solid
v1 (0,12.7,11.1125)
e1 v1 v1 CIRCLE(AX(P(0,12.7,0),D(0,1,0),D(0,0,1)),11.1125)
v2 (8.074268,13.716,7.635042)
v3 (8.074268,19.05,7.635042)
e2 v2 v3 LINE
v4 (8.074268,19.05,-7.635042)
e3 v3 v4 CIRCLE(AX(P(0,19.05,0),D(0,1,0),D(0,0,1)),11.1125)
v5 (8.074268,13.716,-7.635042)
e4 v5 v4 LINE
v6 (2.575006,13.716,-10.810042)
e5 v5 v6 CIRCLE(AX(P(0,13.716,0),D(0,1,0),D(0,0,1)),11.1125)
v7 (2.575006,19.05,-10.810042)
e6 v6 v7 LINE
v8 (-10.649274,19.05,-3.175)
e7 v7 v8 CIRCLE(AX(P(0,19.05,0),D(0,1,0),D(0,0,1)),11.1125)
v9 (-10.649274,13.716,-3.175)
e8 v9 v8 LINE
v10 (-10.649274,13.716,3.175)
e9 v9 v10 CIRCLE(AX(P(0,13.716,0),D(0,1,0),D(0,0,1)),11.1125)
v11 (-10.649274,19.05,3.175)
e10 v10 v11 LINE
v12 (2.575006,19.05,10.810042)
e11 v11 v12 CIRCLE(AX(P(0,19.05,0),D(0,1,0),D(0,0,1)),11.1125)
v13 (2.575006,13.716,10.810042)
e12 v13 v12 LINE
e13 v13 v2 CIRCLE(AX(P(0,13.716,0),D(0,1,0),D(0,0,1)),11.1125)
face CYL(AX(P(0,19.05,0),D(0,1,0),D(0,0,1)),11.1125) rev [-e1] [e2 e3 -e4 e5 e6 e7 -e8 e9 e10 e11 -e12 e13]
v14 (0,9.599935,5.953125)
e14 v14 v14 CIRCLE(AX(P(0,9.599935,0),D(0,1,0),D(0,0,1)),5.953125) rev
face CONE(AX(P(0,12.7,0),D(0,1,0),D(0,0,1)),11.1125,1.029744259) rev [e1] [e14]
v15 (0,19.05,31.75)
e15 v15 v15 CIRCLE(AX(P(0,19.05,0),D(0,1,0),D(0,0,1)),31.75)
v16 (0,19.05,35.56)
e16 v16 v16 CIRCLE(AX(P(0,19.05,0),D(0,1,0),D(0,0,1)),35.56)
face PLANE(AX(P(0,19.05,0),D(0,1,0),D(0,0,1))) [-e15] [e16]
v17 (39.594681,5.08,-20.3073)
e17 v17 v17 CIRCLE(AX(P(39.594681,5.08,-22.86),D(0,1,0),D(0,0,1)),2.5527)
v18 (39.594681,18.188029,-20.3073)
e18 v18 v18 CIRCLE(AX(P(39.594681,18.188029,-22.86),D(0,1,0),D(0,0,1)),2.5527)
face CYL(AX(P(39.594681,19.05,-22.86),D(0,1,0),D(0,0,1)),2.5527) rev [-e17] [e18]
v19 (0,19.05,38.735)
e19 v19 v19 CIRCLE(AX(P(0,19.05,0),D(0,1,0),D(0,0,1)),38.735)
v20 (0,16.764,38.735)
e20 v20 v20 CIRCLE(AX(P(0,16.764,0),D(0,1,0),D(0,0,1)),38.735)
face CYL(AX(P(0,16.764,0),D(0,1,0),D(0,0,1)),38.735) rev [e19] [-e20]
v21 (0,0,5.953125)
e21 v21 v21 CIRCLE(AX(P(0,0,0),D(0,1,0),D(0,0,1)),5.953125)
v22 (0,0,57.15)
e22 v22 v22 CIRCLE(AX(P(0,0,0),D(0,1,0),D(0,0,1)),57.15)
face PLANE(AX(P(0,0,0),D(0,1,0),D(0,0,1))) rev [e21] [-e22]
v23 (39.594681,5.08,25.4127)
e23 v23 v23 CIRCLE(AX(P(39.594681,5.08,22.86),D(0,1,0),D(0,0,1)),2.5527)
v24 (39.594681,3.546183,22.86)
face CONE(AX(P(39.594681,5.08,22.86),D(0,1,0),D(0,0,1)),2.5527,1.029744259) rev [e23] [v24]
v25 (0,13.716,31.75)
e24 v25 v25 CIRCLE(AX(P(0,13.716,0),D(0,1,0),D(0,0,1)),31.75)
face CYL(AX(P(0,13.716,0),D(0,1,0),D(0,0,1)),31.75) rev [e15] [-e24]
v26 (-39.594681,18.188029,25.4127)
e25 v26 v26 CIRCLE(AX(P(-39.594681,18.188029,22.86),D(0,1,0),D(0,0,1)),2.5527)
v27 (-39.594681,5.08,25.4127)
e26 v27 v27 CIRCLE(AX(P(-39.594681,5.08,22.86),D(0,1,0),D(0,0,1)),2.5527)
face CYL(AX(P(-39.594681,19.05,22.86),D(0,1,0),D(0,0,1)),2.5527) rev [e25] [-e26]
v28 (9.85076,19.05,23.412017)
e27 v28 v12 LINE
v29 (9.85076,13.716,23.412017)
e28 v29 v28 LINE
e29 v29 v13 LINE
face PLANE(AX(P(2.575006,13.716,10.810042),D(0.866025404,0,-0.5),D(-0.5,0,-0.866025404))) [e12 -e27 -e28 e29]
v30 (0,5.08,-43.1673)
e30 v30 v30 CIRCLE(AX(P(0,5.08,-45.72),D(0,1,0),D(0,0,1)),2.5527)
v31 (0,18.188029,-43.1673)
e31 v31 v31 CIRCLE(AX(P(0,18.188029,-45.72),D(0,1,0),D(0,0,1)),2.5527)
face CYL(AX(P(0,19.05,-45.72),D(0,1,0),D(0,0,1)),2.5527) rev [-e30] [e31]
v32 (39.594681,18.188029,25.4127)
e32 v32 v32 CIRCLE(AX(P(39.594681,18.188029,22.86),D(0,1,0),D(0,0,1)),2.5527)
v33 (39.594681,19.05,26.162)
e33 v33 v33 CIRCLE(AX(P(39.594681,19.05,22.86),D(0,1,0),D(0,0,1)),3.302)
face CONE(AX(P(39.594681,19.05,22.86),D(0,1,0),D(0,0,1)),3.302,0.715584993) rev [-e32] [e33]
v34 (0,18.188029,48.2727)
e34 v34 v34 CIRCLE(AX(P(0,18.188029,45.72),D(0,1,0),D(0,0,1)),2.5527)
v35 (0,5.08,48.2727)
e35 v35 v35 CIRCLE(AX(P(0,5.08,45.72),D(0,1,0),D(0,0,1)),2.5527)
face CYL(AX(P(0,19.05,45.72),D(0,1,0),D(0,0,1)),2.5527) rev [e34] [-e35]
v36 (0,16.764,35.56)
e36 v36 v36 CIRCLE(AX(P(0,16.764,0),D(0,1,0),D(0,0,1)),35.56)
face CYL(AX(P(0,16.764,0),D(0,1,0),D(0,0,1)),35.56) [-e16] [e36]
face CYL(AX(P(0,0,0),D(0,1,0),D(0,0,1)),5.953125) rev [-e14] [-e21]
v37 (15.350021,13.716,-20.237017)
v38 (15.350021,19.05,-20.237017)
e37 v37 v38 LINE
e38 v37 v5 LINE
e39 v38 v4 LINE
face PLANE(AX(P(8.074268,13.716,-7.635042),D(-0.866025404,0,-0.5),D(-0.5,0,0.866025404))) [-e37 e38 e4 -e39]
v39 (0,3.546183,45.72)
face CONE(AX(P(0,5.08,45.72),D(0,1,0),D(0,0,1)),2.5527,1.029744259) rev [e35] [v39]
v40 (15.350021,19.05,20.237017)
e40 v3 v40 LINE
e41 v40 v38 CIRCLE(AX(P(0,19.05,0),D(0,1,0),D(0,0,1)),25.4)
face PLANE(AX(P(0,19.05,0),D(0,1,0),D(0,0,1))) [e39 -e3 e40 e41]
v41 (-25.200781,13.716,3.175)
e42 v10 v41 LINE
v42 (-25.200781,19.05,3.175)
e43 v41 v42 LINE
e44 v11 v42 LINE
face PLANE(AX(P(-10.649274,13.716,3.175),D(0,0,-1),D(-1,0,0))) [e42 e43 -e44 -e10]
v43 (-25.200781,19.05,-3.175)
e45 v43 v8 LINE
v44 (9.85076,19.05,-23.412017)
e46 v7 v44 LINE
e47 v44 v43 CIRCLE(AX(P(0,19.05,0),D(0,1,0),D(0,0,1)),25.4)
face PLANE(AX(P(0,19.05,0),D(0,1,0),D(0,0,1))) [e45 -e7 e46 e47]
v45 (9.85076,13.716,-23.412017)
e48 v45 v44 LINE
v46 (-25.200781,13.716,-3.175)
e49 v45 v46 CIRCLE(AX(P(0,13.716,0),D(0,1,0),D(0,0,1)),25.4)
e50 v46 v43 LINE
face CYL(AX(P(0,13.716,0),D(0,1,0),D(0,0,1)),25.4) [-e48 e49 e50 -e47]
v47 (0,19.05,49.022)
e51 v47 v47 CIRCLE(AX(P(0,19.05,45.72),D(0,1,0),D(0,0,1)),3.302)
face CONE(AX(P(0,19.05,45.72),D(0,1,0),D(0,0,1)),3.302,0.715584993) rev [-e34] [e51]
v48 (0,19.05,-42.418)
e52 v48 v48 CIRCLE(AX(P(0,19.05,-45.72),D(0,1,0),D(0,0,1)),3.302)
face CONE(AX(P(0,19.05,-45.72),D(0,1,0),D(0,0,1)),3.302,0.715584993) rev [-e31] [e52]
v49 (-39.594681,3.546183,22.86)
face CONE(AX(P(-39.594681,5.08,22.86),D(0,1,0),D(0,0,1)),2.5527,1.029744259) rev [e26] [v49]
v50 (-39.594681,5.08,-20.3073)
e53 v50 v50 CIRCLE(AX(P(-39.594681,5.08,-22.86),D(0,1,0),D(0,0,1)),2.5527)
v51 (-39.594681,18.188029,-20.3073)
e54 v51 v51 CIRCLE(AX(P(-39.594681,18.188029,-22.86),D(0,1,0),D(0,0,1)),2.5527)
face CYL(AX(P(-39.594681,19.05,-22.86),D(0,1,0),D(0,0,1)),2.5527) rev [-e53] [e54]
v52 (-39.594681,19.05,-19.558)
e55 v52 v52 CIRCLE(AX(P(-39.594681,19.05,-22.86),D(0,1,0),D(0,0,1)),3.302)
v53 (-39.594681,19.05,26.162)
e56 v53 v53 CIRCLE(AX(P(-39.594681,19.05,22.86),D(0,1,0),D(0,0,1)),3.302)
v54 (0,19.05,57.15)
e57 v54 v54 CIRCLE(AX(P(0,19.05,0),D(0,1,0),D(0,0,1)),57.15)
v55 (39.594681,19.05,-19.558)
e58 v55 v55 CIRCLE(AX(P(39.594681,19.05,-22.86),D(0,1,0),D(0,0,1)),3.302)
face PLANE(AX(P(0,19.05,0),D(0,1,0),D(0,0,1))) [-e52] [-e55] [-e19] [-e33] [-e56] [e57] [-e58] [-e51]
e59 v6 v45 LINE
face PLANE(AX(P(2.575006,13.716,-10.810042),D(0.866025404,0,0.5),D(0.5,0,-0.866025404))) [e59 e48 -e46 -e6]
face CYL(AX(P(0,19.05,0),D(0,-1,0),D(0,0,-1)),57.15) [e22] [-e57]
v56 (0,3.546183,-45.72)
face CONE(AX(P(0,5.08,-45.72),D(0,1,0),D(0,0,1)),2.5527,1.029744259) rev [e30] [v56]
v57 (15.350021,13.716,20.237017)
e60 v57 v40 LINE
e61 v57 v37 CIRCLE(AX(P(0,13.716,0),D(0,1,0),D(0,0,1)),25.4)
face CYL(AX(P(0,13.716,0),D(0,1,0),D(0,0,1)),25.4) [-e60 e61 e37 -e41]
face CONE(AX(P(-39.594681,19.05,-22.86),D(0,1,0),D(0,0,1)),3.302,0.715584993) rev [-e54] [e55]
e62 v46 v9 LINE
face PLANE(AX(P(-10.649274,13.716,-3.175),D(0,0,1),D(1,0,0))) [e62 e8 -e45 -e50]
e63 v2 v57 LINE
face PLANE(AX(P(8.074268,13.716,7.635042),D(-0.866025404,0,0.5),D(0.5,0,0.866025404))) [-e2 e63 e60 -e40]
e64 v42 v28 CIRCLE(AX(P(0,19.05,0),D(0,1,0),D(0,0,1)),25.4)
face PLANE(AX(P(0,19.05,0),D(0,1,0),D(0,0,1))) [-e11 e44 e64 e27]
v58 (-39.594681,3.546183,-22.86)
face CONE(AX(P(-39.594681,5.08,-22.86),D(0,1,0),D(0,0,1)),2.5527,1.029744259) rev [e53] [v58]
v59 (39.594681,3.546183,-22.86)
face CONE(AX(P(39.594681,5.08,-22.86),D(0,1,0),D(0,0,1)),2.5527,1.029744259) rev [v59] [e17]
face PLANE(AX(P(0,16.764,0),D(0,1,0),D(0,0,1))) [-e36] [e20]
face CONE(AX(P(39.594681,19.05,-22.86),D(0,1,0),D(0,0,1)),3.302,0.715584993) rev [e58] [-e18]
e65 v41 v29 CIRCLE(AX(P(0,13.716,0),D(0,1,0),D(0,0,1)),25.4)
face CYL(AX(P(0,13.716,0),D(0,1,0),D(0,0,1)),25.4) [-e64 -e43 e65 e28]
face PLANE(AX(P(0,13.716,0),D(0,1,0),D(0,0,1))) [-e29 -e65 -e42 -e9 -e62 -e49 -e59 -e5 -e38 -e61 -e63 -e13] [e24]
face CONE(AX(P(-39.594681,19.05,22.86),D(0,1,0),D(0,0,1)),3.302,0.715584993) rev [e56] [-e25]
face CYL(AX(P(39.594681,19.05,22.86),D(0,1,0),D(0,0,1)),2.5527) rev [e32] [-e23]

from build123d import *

# Parameters (mm, degrees)
SKETCH1_R                        = 57.15
BOSS_EXTRUDE1_DEPTH              = 19.05
F_7_8_0_875_DIAMETER_HOLE1_D     = 22.225
F_7_8_0_875_DIAMETER_HOLE1_DEPTH = 6.35
F_7_8_0_875_DIAMETER_HOLE1_TIP   = 6.677063629
SKETCH4_R                        = 5.953125
CUT_EXTRUDE1_DEPTH               = 1
CUT_EXTRUDE1_DEPTH_BACK          = 20.05
ANNULUS_CHANNEL_R                = 31.75
ANNULUS_CHANNEL_DEPTH_DEPTH      = 5.334
SKETCH7_R                        = 38.735
SKETCH7_R_2                      = 35.56
CUT_EXTRUDE5_DEPTH               = 2.286
CIRPATTERN1_COUNT                = 6


with BuildPart() as part:
    # Sketch1 → Boss-Extrude1 (new body)
    with BuildSketch(Plane(origin=(0, 0, 0), x_dir=(1, 0, 0), z_dir=(0, 1, 0))):
        Circle(SKETCH1_R)
    extrude(amount=BOSS_EXTRUDE1_DEPTH)

    # 7/8 (0.875) Diameter Hole1
    with Locations(Plane(origin=(0, 19.05, 0), x_dir=(1, 0, 0), z_dir=(0, 1, 0))):
        with Locations((0, 0)):
            Hole(F_7_8_0_875_DIAMETER_HOLE1_D / 2, depth=F_7_8_0_875_DIAMETER_HOLE1_DEPTH)
            with Locations((0, 0, -(F_7_8_0_875_DIAMETER_HOLE1_DEPTH + F_7_8_0_875_DIAMETER_HOLE1_TIP / 2))):  # 118° drill point
                Cone(0, F_7_8_0_875_DIAMETER_HOLE1_D / 2, F_7_8_0_875_DIAMETER_HOLE1_TIP, mode=Mode.SUBTRACT)

    # Sketch4 → Cut-Extrude1 (cut, two sides)
    with BuildSketch(Plane(origin=(0, 19.05, 0), x_dir=(1, 0, 0), z_dir=(0, 1, 0))) as cut_extrude1_sk:
        Circle(SKETCH4_R)
    extrude(amount=CUT_EXTRUDE1_DEPTH, mode=Mode.SUBTRACT)
    extrude(cut_extrude1_sk.sketch, amount=-CUT_EXTRUDE1_DEPTH_BACK, mode=Mode.SUBTRACT)

    # Annulus Channel → Annulus Channel Depth (cut)
    with BuildSketch(Plane(origin=(0, 19.05, 0), x_dir=(1, 0, 0), z_dir=(0, 1, 0))):
        Circle(ANNULUS_CHANNEL_R)
        with BuildLine():
            Line((-10.649273743, 3.175), (-25.200781238, 3.175))
            ThreePointArc((-25.200781238, 3.175), (-12.7, 21.997045256), (9.850759962, 23.412016747))
            Line((9.850759962, 23.412016747), (2.575006214, 10.810041593))
            ThreePointArc((2.575006214, 10.810041593), (5.55625, 9.6237073), (8.074267528, 7.635041593))
            Line((8.074267528, 7.635041593), (15.350021276, 20.237016747))
            ThreePointArc((15.350021276, 20.237016747), (25.4, 0), (15.350021276, -20.237016747))
            Line((15.350021276, -20.237016747), (8.074267528, -7.635041593))
            ThreePointArc((8.074267528, -7.635041593), (5.55625, -9.6237073), (2.575006214, -10.810041593))
            Line((2.575006214, -10.810041593), (9.850759962, -23.412016747))
            ThreePointArc((9.850759962, -23.412016747), (-12.7, -21.997045256), (-25.200781238, -3.175))
            Line((-25.200781238, -3.175), (-10.649273743, -3.175))
            ThreePointArc((-10.649273743, -3.175), (-11.1125, 0), (-10.649273743, 3.175))
        make_face(mode=Mode.SUBTRACT)
    extrude(amount=-ANNULUS_CHANNEL_DEPTH_DEPTH, mode=Mode.SUBTRACT)

    # Sketch7 → Cut-Extrude5 (cut)
    with BuildSketch(Plane(origin=(0, 19.05, 0), x_dir=(1, 0, 0), z_dir=(0, 1, 0))):
        Circle(SKETCH7_R)
        Circle(SKETCH7_R_2, mode=Mode.SUBTRACT)
    extrude(amount=-CUT_EXTRUDE5_DEPTH, mode=Mode.SUBTRACT)

    # Sketch9 → 1/4-20 Tapped Hole1 (revolve, cut)
    with BuildSketch(Plane(origin=(0, 19.05, -45.72), x_dir=(0, 0, 1), z_dir=(1, 0, 0))):
        Polygon((0, 0), (0, 15.503816902), (2.5527, 13.97), (2.5527, 0.861971048), (3.302, 0), align=None)
    f_1_4_20_tapped_hole1 = revolve(axis=Axis((0, 25.4, -45.72), (0, -1, 0)), mode=Mode.SUBTRACT)

    # CirPattern1: 1/4-20 Tapped Hole1 ×6 about axis
    cirpattern1_axis = Axis((0, 0, 0), (0, 1, 0))
    for i in range(1, CIRPATTERN1_COUNT):
        add(f_1_4_20_tapped_hole1.rotate(cirpattern1_axis, i * 360 / CIRPATTERN1_COUNT), mode=Mode.SUBTRACT)


solid = part.part
